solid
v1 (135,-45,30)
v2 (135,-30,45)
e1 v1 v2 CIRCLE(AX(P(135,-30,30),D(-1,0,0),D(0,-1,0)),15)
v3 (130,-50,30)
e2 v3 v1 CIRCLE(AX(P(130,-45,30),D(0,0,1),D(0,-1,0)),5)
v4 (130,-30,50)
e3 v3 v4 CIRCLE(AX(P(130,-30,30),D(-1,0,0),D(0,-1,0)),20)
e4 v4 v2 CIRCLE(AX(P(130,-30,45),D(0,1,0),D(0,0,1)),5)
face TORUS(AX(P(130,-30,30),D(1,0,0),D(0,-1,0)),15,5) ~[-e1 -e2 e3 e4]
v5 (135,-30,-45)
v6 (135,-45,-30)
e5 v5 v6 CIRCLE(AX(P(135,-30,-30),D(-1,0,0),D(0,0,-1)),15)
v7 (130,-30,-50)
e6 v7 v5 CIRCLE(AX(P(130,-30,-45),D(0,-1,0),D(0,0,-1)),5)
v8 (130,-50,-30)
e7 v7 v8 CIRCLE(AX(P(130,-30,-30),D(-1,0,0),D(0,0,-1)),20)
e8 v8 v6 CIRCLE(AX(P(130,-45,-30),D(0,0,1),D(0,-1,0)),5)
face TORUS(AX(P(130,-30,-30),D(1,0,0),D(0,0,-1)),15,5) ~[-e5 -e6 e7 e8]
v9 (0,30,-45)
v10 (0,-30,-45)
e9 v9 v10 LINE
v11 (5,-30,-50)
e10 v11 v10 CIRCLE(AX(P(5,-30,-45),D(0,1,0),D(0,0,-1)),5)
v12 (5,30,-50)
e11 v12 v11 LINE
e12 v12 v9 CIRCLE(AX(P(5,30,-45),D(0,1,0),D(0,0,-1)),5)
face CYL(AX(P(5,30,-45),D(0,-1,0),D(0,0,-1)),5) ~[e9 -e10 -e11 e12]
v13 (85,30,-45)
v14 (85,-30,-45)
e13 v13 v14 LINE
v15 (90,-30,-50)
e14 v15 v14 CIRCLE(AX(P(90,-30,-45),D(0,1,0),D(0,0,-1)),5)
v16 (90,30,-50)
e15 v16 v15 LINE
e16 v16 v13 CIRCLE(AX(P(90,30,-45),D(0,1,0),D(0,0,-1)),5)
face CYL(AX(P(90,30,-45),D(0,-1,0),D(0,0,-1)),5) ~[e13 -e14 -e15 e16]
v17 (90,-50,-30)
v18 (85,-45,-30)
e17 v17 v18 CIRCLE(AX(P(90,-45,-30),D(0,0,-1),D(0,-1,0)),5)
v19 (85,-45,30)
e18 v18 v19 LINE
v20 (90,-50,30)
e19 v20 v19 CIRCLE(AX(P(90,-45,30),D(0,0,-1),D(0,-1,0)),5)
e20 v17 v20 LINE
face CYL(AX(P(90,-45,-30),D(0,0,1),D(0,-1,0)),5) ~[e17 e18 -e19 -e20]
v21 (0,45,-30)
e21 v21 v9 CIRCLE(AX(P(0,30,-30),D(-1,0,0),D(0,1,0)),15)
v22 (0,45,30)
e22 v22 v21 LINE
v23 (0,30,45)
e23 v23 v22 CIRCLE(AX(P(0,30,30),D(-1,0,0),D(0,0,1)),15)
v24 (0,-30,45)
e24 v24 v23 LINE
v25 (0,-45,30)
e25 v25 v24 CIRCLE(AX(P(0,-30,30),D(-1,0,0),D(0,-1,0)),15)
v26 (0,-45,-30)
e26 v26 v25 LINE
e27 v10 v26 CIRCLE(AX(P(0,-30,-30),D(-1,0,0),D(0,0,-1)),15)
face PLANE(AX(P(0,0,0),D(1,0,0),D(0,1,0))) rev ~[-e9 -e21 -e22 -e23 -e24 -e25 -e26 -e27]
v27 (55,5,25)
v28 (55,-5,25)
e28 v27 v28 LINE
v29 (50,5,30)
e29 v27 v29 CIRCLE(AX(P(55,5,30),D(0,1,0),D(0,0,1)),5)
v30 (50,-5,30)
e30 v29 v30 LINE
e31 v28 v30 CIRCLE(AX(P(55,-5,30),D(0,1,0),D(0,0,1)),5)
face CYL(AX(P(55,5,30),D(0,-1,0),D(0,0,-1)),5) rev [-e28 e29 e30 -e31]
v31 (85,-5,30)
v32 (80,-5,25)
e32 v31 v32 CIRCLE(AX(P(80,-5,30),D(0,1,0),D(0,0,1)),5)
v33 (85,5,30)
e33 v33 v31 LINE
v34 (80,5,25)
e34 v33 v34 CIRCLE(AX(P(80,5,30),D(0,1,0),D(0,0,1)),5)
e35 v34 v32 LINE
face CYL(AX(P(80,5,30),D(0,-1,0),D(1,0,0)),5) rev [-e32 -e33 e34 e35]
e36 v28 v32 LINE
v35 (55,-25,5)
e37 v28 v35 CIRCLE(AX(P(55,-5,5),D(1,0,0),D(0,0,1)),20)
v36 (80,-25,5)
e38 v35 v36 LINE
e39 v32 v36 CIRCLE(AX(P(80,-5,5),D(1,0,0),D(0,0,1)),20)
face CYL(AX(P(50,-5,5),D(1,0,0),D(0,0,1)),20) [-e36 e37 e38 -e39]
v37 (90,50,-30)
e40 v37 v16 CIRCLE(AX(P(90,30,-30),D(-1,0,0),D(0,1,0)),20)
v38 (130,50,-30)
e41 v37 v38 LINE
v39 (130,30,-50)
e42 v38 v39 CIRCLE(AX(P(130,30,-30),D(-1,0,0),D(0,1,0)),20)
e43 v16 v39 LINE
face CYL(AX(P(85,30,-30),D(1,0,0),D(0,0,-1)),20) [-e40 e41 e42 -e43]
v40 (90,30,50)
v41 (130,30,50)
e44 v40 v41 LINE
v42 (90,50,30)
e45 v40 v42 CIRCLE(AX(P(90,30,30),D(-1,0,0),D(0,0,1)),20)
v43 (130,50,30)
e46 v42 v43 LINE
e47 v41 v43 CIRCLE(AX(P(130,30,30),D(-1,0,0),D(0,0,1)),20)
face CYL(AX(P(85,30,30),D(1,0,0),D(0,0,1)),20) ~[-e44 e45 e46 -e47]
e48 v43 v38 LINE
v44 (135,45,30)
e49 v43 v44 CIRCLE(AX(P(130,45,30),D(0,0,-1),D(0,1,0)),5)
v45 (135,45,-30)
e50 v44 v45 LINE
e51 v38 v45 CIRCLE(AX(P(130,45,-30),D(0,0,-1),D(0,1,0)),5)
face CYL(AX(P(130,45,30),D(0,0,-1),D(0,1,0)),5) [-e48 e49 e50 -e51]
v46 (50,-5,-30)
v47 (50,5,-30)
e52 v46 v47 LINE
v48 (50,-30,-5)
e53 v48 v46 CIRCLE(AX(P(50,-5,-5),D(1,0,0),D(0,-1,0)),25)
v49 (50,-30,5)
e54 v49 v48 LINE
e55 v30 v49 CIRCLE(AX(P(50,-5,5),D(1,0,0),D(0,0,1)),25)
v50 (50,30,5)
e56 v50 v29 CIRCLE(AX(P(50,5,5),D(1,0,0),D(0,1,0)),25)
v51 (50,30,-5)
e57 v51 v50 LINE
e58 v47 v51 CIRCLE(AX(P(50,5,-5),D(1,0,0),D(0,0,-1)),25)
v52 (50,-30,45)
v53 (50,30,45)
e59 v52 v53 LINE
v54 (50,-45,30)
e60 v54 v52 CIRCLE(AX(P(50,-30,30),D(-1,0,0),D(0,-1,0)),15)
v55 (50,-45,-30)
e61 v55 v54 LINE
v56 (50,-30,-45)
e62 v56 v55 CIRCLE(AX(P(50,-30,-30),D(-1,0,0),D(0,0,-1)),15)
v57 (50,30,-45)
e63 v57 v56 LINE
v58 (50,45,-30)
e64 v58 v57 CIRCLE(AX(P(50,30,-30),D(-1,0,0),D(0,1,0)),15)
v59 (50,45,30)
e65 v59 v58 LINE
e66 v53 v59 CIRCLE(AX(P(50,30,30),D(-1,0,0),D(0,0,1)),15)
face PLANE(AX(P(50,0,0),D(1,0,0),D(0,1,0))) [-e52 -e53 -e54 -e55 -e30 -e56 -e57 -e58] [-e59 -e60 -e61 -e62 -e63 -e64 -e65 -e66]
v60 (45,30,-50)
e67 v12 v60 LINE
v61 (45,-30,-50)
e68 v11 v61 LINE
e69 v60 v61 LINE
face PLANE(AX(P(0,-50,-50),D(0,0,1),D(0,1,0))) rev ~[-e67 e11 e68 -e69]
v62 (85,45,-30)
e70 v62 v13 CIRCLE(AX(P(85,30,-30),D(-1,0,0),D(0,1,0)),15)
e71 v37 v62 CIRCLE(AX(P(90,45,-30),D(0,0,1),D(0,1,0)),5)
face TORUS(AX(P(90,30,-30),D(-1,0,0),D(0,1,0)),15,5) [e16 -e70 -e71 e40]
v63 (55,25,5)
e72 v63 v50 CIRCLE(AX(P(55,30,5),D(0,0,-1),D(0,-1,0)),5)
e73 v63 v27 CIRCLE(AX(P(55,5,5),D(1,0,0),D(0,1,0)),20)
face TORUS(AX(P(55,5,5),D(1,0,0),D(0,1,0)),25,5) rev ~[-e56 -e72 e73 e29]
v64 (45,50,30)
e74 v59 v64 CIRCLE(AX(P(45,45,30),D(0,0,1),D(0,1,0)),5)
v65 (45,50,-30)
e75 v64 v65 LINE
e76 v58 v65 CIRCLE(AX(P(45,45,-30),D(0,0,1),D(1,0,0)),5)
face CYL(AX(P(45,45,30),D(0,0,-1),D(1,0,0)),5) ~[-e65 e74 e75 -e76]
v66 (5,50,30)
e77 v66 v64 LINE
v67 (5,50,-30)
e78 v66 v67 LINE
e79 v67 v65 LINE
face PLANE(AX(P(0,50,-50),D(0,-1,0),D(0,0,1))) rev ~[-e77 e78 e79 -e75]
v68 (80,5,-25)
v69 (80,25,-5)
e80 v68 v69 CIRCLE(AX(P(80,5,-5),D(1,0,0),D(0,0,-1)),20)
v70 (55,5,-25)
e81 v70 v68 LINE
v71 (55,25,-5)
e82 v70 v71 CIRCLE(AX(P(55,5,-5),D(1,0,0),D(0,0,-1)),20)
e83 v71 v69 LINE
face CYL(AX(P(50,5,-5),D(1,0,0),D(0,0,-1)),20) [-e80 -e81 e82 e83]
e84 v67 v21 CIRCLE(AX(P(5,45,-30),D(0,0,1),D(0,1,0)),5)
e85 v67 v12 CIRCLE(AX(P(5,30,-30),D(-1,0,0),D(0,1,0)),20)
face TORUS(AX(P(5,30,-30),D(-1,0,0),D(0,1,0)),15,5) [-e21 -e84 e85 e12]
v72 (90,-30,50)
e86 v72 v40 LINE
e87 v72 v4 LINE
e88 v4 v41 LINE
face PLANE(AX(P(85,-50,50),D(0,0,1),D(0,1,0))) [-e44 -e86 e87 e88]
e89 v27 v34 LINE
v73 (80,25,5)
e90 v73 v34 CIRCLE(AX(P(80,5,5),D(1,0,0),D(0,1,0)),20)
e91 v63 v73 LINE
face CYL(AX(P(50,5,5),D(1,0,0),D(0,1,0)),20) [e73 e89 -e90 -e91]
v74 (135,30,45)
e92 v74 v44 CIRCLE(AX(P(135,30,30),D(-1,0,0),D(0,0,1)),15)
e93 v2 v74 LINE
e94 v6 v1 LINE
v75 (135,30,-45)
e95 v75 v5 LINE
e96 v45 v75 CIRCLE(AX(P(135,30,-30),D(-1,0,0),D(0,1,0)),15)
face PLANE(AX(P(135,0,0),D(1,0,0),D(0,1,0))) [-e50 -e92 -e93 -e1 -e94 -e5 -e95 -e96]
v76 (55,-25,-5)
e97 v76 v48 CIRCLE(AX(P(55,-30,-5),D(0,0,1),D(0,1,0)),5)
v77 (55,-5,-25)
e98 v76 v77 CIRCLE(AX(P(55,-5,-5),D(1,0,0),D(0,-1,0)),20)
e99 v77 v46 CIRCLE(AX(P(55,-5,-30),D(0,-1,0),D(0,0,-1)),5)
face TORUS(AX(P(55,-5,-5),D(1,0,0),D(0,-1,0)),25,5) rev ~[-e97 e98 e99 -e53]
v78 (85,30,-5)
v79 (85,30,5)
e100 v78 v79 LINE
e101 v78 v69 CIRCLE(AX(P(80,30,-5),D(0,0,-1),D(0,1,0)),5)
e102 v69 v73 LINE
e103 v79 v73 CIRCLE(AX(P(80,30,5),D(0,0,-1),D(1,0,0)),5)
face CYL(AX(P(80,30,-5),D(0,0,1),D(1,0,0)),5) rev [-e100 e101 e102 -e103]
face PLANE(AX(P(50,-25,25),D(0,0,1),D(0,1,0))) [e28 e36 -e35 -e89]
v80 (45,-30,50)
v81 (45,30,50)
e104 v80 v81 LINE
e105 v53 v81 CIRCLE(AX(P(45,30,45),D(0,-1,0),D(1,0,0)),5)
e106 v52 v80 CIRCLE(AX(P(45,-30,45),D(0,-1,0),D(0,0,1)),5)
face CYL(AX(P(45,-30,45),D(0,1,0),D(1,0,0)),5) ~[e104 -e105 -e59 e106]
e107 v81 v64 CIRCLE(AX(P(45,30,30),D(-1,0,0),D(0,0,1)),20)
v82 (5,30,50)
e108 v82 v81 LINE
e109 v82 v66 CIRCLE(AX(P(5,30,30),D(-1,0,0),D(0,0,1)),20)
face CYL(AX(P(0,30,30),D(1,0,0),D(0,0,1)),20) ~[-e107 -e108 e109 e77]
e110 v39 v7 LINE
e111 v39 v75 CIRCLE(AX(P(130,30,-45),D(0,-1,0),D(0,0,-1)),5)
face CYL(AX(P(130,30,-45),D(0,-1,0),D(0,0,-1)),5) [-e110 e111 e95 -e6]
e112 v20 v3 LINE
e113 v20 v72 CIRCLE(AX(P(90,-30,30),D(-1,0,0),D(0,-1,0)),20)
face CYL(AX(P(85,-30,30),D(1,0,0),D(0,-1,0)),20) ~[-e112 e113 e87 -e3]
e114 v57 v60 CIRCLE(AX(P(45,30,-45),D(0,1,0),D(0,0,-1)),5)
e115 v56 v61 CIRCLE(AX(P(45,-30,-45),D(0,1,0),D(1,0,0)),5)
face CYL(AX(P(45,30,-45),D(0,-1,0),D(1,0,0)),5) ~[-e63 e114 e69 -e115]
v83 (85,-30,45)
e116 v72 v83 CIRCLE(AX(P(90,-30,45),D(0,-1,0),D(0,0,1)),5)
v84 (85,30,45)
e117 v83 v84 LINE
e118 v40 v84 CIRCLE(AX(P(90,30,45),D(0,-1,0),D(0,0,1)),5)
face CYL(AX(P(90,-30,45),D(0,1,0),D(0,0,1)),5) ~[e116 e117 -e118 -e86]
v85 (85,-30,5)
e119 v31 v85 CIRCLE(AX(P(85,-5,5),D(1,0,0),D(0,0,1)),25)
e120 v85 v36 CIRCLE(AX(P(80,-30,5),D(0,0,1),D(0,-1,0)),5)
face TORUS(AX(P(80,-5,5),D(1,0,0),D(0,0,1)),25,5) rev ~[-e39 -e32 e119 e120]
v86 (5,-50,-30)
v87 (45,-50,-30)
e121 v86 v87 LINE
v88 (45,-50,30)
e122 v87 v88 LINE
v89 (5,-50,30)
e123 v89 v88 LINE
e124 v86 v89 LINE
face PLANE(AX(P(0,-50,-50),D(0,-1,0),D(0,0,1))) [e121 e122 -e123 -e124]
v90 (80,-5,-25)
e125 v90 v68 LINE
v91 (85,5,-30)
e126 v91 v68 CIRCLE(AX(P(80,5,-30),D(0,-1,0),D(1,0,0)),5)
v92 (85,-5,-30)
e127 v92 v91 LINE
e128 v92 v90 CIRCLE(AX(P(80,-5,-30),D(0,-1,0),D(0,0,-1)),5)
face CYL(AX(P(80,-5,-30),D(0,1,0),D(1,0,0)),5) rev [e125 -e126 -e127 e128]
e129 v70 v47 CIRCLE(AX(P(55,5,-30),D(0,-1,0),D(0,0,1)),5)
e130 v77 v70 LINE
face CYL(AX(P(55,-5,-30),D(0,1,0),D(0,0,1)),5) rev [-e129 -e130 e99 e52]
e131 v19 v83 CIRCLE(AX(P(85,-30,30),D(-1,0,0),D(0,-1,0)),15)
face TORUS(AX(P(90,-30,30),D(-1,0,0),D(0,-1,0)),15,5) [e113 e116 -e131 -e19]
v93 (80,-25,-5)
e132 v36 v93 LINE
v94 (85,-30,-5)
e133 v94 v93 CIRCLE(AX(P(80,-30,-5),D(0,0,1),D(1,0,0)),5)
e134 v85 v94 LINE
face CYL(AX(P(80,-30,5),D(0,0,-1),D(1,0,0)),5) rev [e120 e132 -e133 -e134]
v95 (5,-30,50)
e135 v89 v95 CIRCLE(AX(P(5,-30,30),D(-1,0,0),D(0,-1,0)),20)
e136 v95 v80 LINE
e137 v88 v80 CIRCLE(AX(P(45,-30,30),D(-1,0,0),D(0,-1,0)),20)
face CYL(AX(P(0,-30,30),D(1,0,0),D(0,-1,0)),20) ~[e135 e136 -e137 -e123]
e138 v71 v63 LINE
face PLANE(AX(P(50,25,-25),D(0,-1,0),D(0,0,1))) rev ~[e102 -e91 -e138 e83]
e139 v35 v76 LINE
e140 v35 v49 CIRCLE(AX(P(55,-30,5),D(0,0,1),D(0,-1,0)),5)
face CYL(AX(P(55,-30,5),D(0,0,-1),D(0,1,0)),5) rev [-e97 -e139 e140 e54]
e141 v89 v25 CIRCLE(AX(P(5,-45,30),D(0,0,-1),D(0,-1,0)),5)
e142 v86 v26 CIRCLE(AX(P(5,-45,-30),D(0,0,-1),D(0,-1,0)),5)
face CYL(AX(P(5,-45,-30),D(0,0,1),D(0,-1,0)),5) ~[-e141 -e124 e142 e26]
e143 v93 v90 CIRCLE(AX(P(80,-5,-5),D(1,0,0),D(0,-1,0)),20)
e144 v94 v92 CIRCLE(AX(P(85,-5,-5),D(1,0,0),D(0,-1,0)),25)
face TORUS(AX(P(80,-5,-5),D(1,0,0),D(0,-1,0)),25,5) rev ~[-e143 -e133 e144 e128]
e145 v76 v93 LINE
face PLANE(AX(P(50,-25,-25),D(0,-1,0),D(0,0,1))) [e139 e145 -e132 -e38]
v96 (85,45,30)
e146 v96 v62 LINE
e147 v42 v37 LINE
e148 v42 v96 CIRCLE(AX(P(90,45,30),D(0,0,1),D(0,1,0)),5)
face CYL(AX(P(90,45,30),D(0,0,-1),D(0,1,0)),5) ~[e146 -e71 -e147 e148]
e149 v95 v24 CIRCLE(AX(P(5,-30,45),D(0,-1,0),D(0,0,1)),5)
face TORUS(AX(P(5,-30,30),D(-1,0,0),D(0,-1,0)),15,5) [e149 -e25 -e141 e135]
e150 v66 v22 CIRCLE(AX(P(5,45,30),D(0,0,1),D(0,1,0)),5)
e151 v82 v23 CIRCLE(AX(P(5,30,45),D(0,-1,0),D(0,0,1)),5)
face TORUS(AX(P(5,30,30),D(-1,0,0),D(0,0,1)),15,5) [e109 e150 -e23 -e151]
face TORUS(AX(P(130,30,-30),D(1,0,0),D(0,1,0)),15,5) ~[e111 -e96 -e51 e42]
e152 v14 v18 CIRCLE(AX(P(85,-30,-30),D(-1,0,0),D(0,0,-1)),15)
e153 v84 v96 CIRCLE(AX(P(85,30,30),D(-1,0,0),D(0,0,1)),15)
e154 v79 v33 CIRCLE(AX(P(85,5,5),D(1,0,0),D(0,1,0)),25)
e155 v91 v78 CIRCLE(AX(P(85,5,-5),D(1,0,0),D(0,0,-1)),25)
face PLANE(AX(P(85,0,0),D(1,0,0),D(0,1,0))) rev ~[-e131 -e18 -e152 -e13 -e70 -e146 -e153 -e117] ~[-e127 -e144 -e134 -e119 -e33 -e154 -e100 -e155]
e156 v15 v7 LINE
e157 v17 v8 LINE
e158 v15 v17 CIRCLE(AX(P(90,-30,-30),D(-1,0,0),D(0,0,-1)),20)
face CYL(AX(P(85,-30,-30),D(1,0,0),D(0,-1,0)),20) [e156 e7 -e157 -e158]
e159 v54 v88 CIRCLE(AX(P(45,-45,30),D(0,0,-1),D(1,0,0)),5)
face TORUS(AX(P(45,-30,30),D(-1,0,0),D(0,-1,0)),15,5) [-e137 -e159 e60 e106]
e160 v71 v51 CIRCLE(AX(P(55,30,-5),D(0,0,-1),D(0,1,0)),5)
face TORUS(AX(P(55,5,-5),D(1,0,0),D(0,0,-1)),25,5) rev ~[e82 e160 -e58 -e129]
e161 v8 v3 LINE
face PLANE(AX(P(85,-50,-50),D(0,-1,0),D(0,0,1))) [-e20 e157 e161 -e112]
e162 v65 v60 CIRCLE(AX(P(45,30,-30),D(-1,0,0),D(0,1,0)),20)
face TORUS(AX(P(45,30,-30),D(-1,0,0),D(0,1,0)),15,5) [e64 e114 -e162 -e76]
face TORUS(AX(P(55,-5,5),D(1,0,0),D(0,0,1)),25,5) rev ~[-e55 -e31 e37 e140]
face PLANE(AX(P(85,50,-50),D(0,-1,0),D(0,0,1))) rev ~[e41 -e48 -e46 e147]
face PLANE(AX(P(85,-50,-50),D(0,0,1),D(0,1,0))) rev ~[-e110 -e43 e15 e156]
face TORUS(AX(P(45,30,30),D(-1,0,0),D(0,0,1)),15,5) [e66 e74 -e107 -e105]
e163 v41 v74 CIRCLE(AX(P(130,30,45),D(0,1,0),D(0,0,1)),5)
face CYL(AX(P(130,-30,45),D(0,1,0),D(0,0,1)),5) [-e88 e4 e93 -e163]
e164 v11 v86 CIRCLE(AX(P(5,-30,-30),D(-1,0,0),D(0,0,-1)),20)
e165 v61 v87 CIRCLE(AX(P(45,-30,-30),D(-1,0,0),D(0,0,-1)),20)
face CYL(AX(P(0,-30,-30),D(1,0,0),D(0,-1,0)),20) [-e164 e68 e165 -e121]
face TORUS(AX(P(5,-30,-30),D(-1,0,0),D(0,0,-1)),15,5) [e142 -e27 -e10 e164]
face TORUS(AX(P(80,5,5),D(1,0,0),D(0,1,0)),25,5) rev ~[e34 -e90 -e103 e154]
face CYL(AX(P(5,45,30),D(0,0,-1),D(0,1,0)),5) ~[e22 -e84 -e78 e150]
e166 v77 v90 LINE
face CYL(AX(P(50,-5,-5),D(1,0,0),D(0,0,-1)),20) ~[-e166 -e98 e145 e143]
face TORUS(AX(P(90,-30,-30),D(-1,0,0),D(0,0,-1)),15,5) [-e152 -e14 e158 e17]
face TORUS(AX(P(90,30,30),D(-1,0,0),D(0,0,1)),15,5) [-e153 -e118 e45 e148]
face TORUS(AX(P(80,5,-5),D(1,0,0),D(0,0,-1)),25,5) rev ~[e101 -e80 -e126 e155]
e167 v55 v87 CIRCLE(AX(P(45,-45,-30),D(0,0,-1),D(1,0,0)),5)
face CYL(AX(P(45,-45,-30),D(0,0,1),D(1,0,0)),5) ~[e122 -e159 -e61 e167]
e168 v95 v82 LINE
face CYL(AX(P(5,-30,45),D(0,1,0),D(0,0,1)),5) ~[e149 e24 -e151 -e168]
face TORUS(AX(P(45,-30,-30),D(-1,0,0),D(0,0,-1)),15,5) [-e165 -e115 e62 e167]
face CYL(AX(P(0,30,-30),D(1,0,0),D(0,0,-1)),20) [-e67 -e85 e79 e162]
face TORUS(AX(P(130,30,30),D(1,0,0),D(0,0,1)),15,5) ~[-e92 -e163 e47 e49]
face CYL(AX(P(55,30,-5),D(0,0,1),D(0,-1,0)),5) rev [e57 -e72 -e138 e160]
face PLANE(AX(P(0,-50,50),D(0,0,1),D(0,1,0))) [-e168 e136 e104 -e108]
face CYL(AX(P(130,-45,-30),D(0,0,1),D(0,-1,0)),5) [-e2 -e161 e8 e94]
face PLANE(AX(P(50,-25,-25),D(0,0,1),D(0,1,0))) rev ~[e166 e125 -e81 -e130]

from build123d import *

# Parameters (mm, degrees)
F0_W     = 100
F0_H     = 100
F1_DEPTH = 50
F2_W     = 50
F2_H     = 50
F3_DEPTH = 35
F4_W     = 100
F4_H     = 100
F5_DEPTH = 50
F6_R     = 20
F7_R     = 5


with BuildPart() as f1:
    # F0 (on Right) → F1 (new body)
    with BuildSketch(Plane.YZ):
        Rectangle(F0_W, F0_H)
    extrude(amount=F1_DEPTH)

    # F2 (on face) → F3 (join)
    with BuildSketch(Plane.YZ.offset(50)):
        Rectangle(F2_W, F2_H)
    extrude(amount=F3_DEPTH)

    # F4 (on face) → F5 (join)
    with BuildSketch(Plane.YZ.offset(85)):
        Rectangle(F4_W, F4_H)
    extrude(amount=F5_DEPTH)

    # F6
    f6_edges = [f1.edges().sort_by_distance(p)[0] for p in [
        (110, 50, -50),
        (25, 50, -50),
        (25, 50, 50),
        (110, 50, 50),
        (25, -50, -50),
        (110, -50, -50),
        (25, -50, 50),
        (110, -50, 50),
        (67.5, 25, -25),
        (67.5, 25, 25),
        (67.5, -25, -25),
        (67.5, -25, 25),
    ]]
    fillet(f6_edges, radius=F6_R)

    # F7
    f7_edges = [f1.edges().sort_by_distance(p)[0] for p in [
        (50, -19.142136, 19.142136),
        (50, -50, 0),
        (85, -50, 0),
        (135, -50, 0),
        (0, -50, 0),
        (85, -19.142136, 19.142136),
    ]]
    fillet(f7_edges, radius=F7_R)


solid = f1.part
